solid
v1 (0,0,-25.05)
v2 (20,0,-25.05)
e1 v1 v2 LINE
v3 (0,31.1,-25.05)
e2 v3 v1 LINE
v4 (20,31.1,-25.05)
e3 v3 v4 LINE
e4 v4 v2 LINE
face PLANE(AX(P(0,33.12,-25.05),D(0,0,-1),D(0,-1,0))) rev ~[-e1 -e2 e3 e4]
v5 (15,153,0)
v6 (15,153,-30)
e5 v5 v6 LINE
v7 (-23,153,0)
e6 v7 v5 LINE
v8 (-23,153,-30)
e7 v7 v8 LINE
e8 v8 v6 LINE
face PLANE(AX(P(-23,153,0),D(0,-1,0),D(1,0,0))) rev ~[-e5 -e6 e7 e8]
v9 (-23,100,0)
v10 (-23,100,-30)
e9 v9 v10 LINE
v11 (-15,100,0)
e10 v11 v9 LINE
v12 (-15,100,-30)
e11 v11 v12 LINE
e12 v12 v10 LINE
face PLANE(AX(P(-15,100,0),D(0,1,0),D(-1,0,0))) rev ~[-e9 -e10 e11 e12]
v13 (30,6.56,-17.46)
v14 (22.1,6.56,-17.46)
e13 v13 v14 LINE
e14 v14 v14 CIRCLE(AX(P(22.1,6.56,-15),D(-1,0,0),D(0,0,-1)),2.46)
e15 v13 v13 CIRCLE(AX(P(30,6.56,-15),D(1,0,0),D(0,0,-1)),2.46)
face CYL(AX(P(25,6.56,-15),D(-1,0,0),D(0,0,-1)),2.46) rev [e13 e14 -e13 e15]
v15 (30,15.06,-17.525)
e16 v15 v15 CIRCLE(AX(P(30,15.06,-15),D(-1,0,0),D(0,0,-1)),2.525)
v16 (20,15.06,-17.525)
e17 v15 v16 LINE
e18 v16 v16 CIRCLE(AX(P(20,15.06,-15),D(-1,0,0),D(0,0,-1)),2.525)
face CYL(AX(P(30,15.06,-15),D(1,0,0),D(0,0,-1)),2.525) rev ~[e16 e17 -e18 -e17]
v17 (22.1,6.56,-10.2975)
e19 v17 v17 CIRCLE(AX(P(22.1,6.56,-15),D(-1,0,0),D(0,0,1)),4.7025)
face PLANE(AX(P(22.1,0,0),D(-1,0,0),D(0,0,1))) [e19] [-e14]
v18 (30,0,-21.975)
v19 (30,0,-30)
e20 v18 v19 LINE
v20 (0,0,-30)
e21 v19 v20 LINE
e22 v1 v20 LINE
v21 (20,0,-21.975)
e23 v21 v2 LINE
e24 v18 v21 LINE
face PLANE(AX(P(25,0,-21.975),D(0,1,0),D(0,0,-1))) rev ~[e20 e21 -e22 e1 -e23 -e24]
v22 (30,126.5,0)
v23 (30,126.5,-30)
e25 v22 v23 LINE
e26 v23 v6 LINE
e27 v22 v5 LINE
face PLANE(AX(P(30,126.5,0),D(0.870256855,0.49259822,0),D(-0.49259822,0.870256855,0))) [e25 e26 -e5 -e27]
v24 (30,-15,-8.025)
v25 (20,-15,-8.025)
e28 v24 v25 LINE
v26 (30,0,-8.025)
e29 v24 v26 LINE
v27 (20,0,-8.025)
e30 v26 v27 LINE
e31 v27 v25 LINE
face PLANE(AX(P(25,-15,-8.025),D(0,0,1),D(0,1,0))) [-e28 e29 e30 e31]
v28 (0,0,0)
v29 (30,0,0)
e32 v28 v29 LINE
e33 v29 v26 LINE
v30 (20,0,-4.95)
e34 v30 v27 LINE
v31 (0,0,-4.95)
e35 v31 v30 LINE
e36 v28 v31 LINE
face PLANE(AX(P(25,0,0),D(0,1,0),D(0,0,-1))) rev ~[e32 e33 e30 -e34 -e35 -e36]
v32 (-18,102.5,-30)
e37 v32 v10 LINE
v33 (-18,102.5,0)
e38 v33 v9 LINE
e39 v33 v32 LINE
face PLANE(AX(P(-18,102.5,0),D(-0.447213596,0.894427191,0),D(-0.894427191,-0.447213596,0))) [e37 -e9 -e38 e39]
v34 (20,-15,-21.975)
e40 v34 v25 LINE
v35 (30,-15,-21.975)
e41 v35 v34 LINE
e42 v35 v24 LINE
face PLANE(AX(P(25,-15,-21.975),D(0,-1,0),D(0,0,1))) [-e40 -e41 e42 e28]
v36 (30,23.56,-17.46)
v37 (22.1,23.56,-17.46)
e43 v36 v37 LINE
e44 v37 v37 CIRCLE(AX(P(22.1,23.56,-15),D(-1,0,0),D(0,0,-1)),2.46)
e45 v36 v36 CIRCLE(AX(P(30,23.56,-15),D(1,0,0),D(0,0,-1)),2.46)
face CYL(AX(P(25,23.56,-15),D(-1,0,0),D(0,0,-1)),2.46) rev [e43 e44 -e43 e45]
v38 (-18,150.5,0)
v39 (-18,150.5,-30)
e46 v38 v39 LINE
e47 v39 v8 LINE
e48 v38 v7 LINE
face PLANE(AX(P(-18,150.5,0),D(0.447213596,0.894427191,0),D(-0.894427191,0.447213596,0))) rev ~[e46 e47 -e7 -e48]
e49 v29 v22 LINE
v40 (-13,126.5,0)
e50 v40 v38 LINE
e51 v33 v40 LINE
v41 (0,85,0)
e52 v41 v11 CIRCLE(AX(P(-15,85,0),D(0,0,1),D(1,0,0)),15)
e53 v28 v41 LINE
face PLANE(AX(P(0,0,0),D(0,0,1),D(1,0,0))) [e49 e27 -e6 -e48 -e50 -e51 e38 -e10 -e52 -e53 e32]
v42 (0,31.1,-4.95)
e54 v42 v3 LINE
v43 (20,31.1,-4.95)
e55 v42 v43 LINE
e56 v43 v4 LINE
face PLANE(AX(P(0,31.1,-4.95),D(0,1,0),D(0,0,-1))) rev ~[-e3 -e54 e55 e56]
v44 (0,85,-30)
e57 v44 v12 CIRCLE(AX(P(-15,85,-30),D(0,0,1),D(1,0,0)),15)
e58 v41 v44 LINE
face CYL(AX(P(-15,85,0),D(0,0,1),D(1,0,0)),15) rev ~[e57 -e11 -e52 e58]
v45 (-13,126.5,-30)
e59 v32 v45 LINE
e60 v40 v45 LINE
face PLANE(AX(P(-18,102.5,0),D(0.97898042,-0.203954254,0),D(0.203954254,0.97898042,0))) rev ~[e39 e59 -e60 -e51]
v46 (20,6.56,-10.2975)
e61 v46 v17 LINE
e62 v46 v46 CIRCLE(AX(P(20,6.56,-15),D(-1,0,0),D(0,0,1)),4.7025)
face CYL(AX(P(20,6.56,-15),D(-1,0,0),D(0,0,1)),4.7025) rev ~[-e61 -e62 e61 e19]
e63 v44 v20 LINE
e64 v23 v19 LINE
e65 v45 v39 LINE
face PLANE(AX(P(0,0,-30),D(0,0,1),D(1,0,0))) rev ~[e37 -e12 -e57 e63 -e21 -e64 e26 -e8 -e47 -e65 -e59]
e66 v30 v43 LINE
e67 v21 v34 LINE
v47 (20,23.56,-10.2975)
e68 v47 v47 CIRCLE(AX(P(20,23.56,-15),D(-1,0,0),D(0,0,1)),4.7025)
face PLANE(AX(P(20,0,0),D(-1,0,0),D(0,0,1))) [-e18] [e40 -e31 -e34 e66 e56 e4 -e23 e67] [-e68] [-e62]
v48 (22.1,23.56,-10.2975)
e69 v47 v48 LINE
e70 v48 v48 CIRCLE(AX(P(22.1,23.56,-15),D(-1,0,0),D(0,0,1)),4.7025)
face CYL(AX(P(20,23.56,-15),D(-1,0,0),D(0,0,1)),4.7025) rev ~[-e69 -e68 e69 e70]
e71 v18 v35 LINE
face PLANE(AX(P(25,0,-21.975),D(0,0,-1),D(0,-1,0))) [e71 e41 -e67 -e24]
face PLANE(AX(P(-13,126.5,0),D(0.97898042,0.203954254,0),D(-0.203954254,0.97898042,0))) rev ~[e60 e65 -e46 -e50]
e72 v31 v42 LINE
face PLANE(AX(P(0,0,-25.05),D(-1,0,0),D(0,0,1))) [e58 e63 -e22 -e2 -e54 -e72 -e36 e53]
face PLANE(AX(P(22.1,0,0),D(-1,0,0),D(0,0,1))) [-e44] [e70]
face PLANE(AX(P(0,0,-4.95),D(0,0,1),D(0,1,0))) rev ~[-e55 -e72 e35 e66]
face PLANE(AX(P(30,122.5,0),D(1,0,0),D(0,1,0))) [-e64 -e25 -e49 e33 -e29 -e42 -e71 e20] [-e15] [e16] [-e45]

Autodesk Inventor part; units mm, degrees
ref_plane "YZ Plane" through (0, 0, 0) normal (1, 0, 0) x (0, 1, 0)
ref_plane "XZ Plane" through (0, 0, 0) normal (0, 1, 0) x (-1, 0, 0)
ref_plane "XY Plane" through (0, 0, 0) normal (0, 0, 1) x (1, 0, 0)
sketch "Sketch1" plane through (0, 0, 0) normal (0, 0, 1) x (1, 0, 0)
  line L0 (0, 0) -> (25, 0)
  line L1 (25, 0) -> (25, 40)
  line L2 (25, 40) -> (0, 40)
  line L3 (0, 40) -> (0, 0)
  dimension "d1" = 25
  dimension "d2" = 40
  dimension "d3" = 25
extrude "Extrusion1" add sketch "Sketch1" against normal blind 30
sketch "Sketch2" plane through (25, 0, 0) normal (1, 0, 0) x (0, 0, -1)
  line L0 (0, 0) -> (30, 0) projected
  circle A0 centre (15, 6.56) radius 2.46
extrude "Extrusion2" cut sketch "Sketch2" against normal blind 30
sketch "Sketch3" plane through (0, 0, 0) normal (-1, 0, 0) x (0, 0, 1)
  line L0 (0, 0) -> (-30, 0) projected
  line L1 (-25.05, 0) -> (-4.95, 0)
  line L2 (-4.95, 0) -> (-4.95, 33.12)
  line L3 (-4.95, 33.12) -> (-25.05, 33.12)
  line L4 (-25.05, 33.12) -> (-25.05, 0)
  dimension "d11" = 20.1
extrude "Extrusion3" cut sketch "Sketch3" against normal blind 20
sketch "Sketch4" plane through (0, 0, 0) normal (0, -1, 0) x (1, 0, 0)
  line L0 (20, -4.95) -> (20, -25.05) projected
  line L1 (20, -15) -> (25, -15)
  line L2 (25, 0) -> (25, -30) projected
  line L3 (20, -8.025) -> (25, -8.025)
  line L4 (25, -8.025) -> (25, -21.975)
  line L5 (25, -21.975) -> (20, -21.975)
  line L6 (20, -21.975) -> (20, -8.025)
  line L7 (20, -8.025) -> (25, -21.975) construction
  line L8 (25, -8.025) -> (20, -21.975) construction
  line L9 (25, -12.54) -> (25, -17.46) projected
  point P0 (0, 0)
  point P1 (22.5, -15)
  dimension "d14" = 13.95
extrude "Extrusion4" add sketch "Sketch4" along normal blind 15
sketch "Sketch5" plane through (20, 0, 0) normal (-1, 0, 0) x (0, 0, 1)
  circle A0 centre (-15, 6.56) radius 2.46 projected
  circle A1 centre (-15, 6.56) radius 4.7025
  circle A2 centre (-15, 6.56) radius 2.46 projected
  circle A3 centre (-15, 6.56) radius 2.46
  point P0 (0, 0)
  dimension "d17" = 9.405
extrude "Extrusion5" cut sketch "Sketch5" against normal blind 2.1
sketch "Sketch6" plane through (25, 0, 0) normal (1, 0, 0) x (0, 0, -1)
  circle A0 centre (15, 6.56) radius 4.7025 projected
  line L0 (15, 6.56) -> (15, 23.56)
  circle A1 centre (15, 23.56) radius 2.46
  point P0 (0, 0)
  dimension "d20" = 17
  dimension "d21" = 4.92
extrude "Extrusion6" cut sketch "Sketch6" against normal blind 10 contours A1
sketch "Sketch7" plane through (20, 0, 0) normal (-1, 0, 0) x (0, 0, 1)
  circle A0 centre (-15, 23.56) radius 2.46 projected
  circle A1 centre (-15, 23.56) radius 4.7025
  point P0 (0, 0)
  dimension "d24" = 9.405
extrude "Extrusion7" cut sketch "Sketch7" against normal blind 2.1
sketch "Sketch9" plane through (25, 0, 0) normal (1, 0, 0) x (0, 0, -1)
  circle A0 centre (15, 6.56) radius 2.46 projected
  circle A1 centre (15, 6.56) radius 2.46
  circle A2 centre (15, 23.56) radius 2.46 projected
  circle A3 centre (15, 23.56) radius 2.46
  line L0 (30, 40) -> (30, 0) projected
  line L1 (30, 0) -> (30, 40)
  line L2 (30, 40) -> (0, 40)
  line L3 (0, 40) -> (0, 0)
  line L4 (0, 0) -> (8.025, 0) projected
  line L5 (21.975, 0) -> (21.975, -15)
  line L6 (21.975, -15) -> (8.025, -15)
  line L7 (8.025, -15) -> (8.025, 0)
  line L8 (0, 0) -> (8.025, 0)
  line L9 (21.975, 0) -> (30, 0)
extrude "Extrusion8" add sketch "Sketch9" along normal blind 5
sketch "Sketch10" plane through (0, 40, 0) normal (0, 1, 0) x (1, 0, 0)
  line L0 (0, 30) -> (30, 30) projected
  line L1 (30, 0) -> (0, 0) projected
  line L2 (0, 30) -> (30, 30)
  line L3 (30, 30) -> (30, 0)
  line L4 (30, 0) -> (0, 0)
  line L5 (0, 0) -> (0, 30)
extrude "Extrusion9" add sketch "Sketch10" along normal blind 30
sketch "Sketch12" plane through (30, 0, 0) normal (1, 0, 0) x (0, 0, -1)
  circle A0 centre (15, 6.56) radius 2.46 projected
  line L0 (15, 6.56) -> (15, 15.06)
  circle A1 centre (15, 15.06) radius 2.525
  point P0 (0, 0)
  dimension "d31" = 8.5
  dimension "d33" = 5.05
extrude "Extrusion10" cut sketch "Sketch12" against normal blind 30 contours A1
sketch "Sketch14" plane through (0, 0, 0) normal (0, 0, 1) x (1, 0, 0)
  line L0 (30, 70) -> (0, 70) projected
  line L1 (0, 70) -> (0, 85)
  line L2 (-15, 100) -> (-23, 100)
  line L3 (30, 0) -> (30, 70) projected
  line L4 (30, 122.5) -> (30, 70)
  arc A0 (0, 85) -> (-15, 100) centre (-15, 85) ccw
  line L5 (30, 105) -> (30, 100)
  line L6 (-23, 153) -> (15, 153)
  line L7 (-18, 150.5) -> (-23, 153)
  line L8 (-18, 102.5) -> (-23, 100)
  line L9 (-18, 102.5) -> (-13, 126.5)
  line L10 (-13, 126.5) -> (-18, 150.5)
  line L11 (30, 126.5) -> (15, 153)
  line L12 (30, 122.5) -> (30, 126.5)
  point P0 (0, 0)
  point P1 (0, 100)
  dimension "d47" = 30
  dimension "d54" = 15
extrude "Extrusion12" add sketch "Sketch14" against normal blind 30
sketch "Sketch15" plane through (0, 0, -25.05) normal (-1, 0, 0) x (0, 0, 1)
  line L0 (0, 33.12) -> (20.1, 33.12) projected
  line L1 (20.1, 33.12) -> (20.1, 0) projected
  line L2 (0, 33.12) -> (20.1, 33.12)
  line L3 (20.1, 33.12) -> (20.1, 31.1)
  line L4 (20.1, 31.1) -> (0, 31.1)
  line L5 (0, 31.1) -> (0, 33.12)
  point P0 (25.05, 0)
  dimension "d57" = 2.02
extrude "Extrusion13" add sketch "Sketch15" against normal blind 20
properties part number "rec_a_48mm_x_30mm"
